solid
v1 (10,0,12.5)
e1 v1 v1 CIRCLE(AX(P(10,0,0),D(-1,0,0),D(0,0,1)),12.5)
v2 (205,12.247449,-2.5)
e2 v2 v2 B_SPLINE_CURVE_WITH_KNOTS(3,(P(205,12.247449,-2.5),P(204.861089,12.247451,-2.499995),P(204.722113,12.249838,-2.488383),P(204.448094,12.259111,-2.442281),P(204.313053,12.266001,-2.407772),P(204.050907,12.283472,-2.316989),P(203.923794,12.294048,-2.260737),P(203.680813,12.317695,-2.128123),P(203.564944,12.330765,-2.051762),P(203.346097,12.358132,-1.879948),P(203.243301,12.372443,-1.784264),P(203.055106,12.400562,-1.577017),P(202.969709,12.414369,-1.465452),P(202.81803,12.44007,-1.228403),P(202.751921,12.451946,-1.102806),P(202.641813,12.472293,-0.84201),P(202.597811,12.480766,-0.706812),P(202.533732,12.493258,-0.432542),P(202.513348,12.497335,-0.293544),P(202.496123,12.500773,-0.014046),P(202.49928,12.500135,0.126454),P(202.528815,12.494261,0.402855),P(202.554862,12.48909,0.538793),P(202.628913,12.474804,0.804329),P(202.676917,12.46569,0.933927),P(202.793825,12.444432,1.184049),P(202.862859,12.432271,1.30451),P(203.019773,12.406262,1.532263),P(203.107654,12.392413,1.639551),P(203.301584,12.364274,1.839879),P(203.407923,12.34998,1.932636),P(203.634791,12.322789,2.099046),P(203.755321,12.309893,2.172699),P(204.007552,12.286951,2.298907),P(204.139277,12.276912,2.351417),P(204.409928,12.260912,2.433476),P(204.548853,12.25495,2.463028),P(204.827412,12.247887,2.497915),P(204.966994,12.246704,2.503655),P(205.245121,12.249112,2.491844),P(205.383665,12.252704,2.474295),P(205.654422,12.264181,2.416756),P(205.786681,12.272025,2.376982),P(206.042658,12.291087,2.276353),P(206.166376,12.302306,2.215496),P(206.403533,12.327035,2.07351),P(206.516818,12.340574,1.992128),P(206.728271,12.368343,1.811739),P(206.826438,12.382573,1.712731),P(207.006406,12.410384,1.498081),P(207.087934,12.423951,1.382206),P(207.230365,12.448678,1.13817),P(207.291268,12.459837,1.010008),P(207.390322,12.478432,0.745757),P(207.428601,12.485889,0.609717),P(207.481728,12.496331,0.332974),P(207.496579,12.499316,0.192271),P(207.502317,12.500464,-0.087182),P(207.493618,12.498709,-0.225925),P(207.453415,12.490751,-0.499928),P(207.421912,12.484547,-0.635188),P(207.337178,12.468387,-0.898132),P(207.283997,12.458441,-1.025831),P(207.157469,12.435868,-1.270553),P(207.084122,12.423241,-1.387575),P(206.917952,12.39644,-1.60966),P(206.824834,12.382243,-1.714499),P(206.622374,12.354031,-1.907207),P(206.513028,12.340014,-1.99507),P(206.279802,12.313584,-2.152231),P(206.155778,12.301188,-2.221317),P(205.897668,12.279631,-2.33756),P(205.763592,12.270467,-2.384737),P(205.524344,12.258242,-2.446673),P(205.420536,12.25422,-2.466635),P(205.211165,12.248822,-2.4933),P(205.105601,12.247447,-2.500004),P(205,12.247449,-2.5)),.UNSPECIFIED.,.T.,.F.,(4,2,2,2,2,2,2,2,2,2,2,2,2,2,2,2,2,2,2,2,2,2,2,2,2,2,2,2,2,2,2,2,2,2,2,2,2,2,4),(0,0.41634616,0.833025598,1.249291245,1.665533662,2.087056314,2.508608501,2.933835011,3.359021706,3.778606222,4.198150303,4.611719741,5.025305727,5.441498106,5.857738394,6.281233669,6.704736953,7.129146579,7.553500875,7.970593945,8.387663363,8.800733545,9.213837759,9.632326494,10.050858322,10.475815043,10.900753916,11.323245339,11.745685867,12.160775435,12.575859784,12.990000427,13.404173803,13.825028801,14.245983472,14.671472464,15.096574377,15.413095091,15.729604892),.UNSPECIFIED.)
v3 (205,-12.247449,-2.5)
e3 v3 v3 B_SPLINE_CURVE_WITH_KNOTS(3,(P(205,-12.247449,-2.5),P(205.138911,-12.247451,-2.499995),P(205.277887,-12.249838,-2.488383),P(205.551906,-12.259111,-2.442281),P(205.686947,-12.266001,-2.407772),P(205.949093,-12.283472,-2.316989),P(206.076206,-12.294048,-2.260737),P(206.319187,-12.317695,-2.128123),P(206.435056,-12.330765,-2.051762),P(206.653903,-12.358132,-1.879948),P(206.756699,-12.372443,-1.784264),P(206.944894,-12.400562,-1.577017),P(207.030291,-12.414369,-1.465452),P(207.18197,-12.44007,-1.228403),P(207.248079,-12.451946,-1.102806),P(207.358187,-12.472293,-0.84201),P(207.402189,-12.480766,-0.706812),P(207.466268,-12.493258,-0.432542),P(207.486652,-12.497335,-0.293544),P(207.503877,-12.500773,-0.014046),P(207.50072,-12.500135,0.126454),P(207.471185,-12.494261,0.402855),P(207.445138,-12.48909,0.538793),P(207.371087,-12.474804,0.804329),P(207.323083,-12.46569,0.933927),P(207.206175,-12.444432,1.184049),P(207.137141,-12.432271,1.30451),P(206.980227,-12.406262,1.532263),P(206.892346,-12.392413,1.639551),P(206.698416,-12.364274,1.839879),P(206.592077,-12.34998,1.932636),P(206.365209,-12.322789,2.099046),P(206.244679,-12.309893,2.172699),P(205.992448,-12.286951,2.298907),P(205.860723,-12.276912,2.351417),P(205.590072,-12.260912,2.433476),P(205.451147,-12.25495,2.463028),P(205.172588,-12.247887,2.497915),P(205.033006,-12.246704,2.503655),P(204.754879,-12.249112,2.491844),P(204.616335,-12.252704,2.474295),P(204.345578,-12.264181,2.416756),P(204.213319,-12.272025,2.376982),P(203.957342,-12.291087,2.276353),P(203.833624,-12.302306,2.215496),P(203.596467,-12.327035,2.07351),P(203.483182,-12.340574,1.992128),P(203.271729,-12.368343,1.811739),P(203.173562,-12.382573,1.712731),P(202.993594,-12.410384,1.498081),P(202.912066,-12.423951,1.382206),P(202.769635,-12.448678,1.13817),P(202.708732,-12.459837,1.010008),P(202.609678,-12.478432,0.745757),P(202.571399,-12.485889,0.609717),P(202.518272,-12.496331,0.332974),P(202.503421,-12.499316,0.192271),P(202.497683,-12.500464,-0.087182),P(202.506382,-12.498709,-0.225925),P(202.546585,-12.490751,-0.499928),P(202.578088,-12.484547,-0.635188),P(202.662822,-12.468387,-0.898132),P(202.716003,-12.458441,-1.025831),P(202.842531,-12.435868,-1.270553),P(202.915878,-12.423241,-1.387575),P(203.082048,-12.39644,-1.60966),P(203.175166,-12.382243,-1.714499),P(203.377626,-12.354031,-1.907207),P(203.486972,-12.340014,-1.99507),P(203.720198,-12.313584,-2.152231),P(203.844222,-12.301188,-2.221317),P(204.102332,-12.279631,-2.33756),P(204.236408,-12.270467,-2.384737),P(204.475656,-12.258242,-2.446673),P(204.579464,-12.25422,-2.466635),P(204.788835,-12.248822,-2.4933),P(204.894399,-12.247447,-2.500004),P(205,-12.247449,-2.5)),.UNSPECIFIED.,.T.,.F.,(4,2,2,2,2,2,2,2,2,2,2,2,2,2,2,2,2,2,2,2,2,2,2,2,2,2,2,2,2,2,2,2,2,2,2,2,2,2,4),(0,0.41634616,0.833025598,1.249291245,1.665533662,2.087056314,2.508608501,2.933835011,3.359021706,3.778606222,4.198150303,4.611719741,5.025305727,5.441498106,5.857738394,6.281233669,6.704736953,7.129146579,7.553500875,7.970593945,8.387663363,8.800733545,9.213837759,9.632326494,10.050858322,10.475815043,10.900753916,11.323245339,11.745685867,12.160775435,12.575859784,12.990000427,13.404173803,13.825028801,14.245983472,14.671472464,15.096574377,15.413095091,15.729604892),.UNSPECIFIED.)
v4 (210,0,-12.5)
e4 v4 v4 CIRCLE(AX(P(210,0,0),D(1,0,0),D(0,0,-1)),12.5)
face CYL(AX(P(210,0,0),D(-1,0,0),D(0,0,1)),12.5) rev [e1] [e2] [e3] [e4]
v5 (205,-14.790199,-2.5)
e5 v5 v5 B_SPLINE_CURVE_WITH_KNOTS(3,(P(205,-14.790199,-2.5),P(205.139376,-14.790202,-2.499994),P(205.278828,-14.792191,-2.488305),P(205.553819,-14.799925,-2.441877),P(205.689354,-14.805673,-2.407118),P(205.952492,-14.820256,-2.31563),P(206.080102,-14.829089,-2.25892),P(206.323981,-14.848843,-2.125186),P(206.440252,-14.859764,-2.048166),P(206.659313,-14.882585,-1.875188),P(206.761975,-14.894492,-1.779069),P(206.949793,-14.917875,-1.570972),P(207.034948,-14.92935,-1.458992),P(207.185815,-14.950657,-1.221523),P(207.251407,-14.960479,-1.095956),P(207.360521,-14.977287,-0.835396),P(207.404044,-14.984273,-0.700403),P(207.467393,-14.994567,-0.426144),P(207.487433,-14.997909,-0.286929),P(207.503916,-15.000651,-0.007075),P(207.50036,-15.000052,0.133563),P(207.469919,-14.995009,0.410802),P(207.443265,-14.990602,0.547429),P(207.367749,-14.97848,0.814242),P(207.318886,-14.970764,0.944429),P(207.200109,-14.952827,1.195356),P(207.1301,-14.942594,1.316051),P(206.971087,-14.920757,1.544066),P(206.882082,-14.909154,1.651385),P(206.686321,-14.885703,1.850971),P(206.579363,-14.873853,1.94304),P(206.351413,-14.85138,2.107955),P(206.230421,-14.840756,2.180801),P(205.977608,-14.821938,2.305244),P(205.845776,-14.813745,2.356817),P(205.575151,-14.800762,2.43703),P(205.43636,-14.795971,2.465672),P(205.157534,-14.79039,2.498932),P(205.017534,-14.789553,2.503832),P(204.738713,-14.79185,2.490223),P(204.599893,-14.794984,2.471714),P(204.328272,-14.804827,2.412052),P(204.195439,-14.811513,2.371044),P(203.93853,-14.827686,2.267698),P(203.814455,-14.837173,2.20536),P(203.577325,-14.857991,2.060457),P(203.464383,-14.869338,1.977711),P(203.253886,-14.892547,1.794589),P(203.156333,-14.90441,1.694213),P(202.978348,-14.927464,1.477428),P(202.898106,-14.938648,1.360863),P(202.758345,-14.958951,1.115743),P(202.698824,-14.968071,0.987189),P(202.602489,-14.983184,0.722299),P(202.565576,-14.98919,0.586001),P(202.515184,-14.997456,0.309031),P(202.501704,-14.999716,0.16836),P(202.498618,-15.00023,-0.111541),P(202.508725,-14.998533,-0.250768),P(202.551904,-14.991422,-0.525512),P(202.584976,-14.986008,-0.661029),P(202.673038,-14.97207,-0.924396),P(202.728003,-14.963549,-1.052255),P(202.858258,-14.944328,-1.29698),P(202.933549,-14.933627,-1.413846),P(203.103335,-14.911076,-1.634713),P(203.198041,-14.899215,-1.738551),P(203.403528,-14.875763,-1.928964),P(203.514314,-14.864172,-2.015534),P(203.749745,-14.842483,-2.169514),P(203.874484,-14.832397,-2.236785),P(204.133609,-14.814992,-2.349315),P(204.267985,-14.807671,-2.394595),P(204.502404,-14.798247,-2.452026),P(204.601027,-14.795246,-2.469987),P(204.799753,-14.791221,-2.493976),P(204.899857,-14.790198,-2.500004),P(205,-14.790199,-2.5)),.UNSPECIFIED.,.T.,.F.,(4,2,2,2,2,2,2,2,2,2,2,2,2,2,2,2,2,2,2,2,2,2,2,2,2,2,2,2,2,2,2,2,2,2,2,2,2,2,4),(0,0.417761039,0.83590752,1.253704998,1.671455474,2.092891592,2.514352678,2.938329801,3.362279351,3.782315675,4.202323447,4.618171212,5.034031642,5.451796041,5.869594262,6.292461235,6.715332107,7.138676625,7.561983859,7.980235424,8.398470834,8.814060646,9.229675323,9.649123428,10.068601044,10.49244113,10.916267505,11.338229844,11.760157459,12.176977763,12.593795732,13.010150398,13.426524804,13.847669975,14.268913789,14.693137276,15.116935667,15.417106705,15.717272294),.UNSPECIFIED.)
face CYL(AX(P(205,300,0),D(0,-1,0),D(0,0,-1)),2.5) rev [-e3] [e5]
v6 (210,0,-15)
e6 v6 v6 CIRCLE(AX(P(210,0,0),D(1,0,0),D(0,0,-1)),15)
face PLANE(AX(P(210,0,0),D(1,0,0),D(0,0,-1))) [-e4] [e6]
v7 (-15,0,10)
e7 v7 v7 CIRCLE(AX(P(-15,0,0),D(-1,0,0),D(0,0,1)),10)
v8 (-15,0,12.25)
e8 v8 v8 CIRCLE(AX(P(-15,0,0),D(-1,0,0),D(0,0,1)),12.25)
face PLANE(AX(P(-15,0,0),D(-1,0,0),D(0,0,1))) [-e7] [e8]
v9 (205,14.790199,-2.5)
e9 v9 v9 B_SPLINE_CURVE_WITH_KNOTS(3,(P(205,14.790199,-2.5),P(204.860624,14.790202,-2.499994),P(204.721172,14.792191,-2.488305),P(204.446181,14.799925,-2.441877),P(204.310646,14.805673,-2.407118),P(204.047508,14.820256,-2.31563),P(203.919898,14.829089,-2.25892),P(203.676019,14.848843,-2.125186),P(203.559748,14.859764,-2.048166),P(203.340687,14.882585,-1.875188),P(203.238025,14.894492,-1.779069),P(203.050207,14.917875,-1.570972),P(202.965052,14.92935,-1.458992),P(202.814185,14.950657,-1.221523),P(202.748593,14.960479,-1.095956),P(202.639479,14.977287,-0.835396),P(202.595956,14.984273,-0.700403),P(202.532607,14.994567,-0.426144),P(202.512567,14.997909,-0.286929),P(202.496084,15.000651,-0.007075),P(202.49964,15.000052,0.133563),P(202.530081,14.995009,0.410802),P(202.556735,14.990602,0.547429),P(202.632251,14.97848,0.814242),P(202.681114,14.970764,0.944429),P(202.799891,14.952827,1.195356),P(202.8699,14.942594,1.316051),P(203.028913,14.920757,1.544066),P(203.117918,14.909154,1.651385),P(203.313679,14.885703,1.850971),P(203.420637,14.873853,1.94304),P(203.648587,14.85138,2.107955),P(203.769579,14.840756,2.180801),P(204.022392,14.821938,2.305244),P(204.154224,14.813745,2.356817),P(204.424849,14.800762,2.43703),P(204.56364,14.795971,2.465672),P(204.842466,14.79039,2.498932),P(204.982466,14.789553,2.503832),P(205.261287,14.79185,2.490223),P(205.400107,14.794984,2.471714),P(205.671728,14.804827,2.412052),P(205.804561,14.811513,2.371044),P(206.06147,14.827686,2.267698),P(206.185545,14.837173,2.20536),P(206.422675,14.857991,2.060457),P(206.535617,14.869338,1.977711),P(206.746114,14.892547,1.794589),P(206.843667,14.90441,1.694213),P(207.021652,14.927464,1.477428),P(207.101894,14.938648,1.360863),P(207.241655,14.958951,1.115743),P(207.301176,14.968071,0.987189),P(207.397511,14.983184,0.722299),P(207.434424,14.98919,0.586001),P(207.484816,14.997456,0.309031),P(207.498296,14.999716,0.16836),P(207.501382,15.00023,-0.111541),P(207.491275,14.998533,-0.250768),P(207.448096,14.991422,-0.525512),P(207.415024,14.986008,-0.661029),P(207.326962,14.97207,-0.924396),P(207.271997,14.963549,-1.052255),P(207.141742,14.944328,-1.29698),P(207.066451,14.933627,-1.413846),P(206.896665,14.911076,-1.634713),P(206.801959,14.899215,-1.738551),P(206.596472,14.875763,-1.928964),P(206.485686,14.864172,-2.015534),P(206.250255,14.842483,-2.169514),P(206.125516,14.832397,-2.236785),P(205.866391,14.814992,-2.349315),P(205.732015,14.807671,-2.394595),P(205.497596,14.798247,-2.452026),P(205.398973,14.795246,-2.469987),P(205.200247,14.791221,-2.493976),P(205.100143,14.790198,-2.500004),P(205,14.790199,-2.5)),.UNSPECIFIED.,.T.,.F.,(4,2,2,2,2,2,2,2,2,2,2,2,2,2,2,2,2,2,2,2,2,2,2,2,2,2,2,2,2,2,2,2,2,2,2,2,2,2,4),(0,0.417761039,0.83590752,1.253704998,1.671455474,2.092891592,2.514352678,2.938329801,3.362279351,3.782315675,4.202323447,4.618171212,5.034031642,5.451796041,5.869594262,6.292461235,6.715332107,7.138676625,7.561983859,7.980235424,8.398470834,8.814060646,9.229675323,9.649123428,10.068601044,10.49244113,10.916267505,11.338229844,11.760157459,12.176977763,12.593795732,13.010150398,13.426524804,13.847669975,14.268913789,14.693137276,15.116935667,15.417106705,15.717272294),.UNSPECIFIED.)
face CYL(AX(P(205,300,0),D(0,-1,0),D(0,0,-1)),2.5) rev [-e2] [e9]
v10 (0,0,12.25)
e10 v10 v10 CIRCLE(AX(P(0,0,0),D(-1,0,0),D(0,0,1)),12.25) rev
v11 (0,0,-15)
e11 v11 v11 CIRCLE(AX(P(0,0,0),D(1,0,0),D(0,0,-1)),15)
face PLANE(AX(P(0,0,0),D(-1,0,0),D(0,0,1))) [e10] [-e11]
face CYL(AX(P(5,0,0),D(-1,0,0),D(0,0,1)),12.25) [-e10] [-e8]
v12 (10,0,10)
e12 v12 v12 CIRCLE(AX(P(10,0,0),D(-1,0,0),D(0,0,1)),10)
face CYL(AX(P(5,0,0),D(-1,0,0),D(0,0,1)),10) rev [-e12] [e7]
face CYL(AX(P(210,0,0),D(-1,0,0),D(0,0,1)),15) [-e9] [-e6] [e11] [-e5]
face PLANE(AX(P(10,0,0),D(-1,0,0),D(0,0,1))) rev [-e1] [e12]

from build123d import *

# Parameters (mm, degrees)
ESBO_O1_R                  = 15
ESBO_O1_R_2                = 12.5
RESSALTO_EXTRUS_O1_DEPTH   = 210
RESSALTO_EXTRUS_O3_START   = 15
ESBO_O2_R                  = 12.25
ESBO_O2_R_2                = 10
RESSALTO_EXTRUS_O3_DEPTH   = 20
CORTE_EXTRUS_O2_DEPTH      = 300
CORTE_EXTRUS_O2_DEPTH_BACK = 300
ESBO_O4_R                  = 2.5
ESBO_O9_R                  = 12.5
RESSALTO_EXTRUS_O5_DEPTH   = 10
ESBO_O10_R                 = 10
CORTE_EXTRUS_O5_DEPTH      = 20


with BuildPart() as part:
    # Esboço1 → Ressalto-extrusão1 (new body)
    with BuildSketch(Plane(origin=(0, 0, 0), x_dir=(0, 0, -1), z_dir=(1, 0, 0))):
        Circle(ESBO_O1_R)
        Circle(ESBO_O1_R_2, mode=Mode.SUBTRACT)
    extrude(amount=RESSALTO_EXTRUS_O1_DEPTH)

    # Esboço4 → Corte-extrusão2 (cut, two sides: drawn at the far end of the back side and taken through both)
    with BuildSketch(Plane(origin=(0, 0, 0), x_dir=(1, 0, 0), z_dir=(0, 1, 0)).offset(-CORTE_EXTRUS_O2_DEPTH_BACK)):
        with Locations((205, 0)):
            Circle(ESBO_O4_R)
    extrude(amount=CORTE_EXTRUS_O2_DEPTH + CORTE_EXTRUS_O2_DEPTH_BACK, mode=Mode.SUBTRACT)



with BuildPart() as body_2:
    # Esboço2 → Ressalto-extrusão3 (new body)
    with BuildSketch(Plane.ZY.offset(RESSALTO_EXTRUS_O3_START)):
        Circle(ESBO_O2_R)
        Circle(ESBO_O2_R_2, mode=Mode.SUBTRACT)
    extrude(amount=-RESSALTO_EXTRUS_O3_DEPTH)


with BuildPart() as part_1:
    add(part.part)

    add(body_2.part)  # Ressalto-extrusão5 merges body 2
    # Esboço9 → Ressalto-extrusão5 (add)
    with BuildSketch(Plane.ZY):
        Circle(ESBO_O9_R)
    extrude(amount=-RESSALTO_EXTRUS_O5_DEPTH)

    # Esboço10 → Corte-extrusão5 (cut)
    with BuildSketch(Plane.ZY):
        Circle(ESBO_O10_R)
    extrude(amount=-CORTE_EXTRUS_O5_DEPTH, mode=Mode.SUBTRACT)


solid = part_1.part
